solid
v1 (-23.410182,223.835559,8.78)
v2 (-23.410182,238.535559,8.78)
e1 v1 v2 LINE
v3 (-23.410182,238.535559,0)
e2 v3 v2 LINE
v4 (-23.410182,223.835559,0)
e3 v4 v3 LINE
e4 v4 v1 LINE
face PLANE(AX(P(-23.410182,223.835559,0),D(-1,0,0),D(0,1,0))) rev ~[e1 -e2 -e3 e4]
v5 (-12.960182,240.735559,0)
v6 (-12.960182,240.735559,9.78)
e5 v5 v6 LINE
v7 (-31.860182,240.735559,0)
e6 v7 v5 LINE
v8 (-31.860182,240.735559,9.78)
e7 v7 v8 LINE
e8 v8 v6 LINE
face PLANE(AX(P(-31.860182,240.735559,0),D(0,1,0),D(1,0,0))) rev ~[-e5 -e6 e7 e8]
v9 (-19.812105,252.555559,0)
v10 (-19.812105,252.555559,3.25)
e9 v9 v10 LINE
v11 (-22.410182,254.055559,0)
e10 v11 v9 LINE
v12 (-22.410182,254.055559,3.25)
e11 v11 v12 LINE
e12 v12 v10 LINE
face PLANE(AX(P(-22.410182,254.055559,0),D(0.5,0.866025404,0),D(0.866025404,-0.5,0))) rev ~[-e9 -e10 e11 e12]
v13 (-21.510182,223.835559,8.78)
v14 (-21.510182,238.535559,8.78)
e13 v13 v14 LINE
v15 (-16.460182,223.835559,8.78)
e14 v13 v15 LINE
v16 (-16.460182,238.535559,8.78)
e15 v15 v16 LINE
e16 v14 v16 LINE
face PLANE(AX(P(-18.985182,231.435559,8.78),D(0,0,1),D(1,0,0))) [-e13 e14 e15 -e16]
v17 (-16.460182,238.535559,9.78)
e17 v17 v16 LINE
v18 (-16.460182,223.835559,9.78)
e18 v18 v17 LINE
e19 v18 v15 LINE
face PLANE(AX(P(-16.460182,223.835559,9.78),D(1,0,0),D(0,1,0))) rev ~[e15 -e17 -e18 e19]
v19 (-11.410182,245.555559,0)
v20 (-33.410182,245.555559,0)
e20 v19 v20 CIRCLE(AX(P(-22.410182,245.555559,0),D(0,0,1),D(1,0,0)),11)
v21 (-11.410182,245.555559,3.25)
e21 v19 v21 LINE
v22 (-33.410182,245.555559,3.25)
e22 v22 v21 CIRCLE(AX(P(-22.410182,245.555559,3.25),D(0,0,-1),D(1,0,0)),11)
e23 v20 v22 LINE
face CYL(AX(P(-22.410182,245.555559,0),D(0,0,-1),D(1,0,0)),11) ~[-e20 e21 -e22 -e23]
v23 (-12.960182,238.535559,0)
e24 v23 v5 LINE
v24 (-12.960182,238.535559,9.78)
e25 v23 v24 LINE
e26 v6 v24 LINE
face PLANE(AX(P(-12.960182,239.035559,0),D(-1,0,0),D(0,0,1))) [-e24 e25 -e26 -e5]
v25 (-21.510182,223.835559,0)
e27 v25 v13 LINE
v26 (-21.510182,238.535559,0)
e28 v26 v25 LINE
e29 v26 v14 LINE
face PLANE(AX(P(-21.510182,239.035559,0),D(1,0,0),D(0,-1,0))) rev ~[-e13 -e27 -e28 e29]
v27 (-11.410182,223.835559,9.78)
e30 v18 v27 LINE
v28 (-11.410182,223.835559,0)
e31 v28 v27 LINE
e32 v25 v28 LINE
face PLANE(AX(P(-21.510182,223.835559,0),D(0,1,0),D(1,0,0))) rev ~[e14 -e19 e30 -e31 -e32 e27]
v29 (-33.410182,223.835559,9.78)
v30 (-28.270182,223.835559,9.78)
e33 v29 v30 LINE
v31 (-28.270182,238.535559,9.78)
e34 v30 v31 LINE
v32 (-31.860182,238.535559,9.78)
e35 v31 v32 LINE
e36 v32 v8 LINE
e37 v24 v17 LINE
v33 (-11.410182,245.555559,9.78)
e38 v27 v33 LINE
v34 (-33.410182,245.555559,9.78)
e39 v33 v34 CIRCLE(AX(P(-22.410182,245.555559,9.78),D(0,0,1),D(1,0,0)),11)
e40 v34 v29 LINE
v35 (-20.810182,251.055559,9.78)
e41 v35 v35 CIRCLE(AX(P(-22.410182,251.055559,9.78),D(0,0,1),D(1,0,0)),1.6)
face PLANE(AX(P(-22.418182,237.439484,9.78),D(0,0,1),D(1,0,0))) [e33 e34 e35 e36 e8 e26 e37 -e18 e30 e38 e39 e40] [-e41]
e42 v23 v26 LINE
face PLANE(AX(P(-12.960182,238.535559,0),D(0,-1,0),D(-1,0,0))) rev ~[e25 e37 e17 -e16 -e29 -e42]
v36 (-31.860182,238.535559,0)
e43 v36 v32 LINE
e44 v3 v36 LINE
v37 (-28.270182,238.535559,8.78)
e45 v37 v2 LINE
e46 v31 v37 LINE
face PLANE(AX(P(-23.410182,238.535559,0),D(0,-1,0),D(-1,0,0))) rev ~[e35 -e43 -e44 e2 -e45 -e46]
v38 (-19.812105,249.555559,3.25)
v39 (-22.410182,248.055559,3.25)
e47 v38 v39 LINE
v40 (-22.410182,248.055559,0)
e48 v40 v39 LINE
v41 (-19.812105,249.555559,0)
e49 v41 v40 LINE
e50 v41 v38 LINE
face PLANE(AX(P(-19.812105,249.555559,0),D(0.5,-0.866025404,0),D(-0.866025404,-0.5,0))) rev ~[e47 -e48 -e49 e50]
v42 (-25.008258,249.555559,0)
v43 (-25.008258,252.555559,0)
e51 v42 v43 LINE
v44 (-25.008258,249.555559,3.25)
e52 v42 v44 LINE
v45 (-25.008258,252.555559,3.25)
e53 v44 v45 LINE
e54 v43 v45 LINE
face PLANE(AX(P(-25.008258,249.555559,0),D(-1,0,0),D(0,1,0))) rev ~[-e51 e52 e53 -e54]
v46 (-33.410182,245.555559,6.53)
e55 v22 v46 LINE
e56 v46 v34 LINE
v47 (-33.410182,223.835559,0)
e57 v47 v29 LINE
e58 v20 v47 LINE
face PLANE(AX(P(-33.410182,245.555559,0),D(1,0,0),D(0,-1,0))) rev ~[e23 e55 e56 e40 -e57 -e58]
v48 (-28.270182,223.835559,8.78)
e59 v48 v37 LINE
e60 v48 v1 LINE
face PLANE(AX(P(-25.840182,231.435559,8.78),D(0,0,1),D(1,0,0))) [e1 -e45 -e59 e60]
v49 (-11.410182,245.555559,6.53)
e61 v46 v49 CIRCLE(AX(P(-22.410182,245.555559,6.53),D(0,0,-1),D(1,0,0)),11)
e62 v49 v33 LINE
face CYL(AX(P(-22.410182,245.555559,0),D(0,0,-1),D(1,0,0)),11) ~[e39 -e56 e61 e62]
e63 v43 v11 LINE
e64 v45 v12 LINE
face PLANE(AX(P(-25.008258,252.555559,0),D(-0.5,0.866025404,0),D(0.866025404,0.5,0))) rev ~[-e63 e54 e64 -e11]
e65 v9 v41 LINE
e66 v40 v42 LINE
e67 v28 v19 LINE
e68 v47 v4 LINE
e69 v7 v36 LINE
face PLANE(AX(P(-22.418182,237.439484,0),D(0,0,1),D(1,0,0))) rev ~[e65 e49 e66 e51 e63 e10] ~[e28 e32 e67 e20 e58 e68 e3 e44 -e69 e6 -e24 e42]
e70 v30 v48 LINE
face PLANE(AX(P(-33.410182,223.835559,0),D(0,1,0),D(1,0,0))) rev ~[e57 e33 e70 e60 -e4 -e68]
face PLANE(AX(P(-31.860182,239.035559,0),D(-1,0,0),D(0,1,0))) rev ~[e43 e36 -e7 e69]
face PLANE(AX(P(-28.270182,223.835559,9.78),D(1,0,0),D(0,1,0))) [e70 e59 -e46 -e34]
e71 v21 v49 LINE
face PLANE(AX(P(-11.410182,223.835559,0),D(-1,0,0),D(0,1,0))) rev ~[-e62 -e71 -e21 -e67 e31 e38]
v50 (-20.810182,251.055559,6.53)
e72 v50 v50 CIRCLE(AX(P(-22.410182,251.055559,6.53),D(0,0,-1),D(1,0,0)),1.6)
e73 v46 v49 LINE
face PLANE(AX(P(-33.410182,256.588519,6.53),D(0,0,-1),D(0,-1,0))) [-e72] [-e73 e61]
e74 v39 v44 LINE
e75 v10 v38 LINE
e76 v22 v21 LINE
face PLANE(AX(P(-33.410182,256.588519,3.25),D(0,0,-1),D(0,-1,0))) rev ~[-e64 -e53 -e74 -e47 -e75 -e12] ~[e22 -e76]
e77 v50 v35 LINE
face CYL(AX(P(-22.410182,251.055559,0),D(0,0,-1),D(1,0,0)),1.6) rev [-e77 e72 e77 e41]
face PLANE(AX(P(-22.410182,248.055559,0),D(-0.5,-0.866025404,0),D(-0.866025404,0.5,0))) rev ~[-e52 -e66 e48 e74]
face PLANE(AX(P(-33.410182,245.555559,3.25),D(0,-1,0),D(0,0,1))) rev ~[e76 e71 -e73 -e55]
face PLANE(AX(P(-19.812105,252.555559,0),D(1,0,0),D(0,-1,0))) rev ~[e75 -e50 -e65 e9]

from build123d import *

# Parameters (mm, degrees)
F0_R      = 1.6
F1_DEPTH  = 9.78
F2_W      = 11.0329598772
F2_H      = 3.28
F3_DEPTH  = 22
F4_W      = 5.05
F4_H      = 15.2
F4_W_2    = 4.86
F5_DEPTH  = 1
F6_R      = 1.6
F7_DEPTH  = 3.26
F9_R      = 1.6
F10_DEPTH = 3.26
F11_DEPTH = 0.5


with BuildPart() as f1:
    # F0 (on Top) → F1 (new body)
    with BuildSketch(Plane.XY):
        with BuildLine():
            Line((-33.4101816105, 245.5555587423), (-33.4101816105, 223.8355587423))
            Line((-33.4101816105, 223.8355587423), (-23.4101816105, 223.8355587423))
            Line((-23.4101816105, 223.8355587423), (-23.4101816105, 239.0355587423))
            Line((-23.4101816105, 239.0355587423), (-31.8601816105, 239.0355587423))
            Line((-31.8601816105, 239.0355587423), (-31.8601816105, 240.7355587423))
            Line((-31.8601816105, 240.7355587423), (-23.4101816105, 240.7355587423))
            Line((-23.4101816105, 240.7355587423), (-21.5101816105, 240.7355587423))
            Line((-21.5101816105, 240.7355587423), (-12.9601816105, 240.7355587423))
            Line((-12.9601816105, 240.7355587423), (-12.9601816105, 239.0355587423))
            Line((-12.9601816105, 239.0355587423), (-21.5101816105, 239.0355587423))
            Line((-21.5101816105, 239.0355587423), (-21.5101816105, 223.8355587423))
            Line((-21.5101816105, 223.8355587423), (-11.4101816105, 223.8355587423))
            Line((-11.4101816105, 223.8355587423), (-11.4101816105, 245.5555587423))
            ThreePointArc((-11.4101816105, 245.5555587423), (-22.4101816105, 256.5555587423), (-33.4101816105, 245.5555587423))
        make_face()
        with Locations((-22.4101816105, 251.0555587423)):
            Circle(F0_R, mode=Mode.SUBTRACT)
    extrude(amount=F1_DEPTH)

    # F2 (on face) → F3 (cut)
    with BuildSketch(Plane(origin=(-33.4101816105, 0, 0), x_dir=(0, -1, 0), z_dir=(-1, 0, 0))):
        with Locations((-251.0720386809, 4.89)):
            Rectangle(F2_W, F2_H)
    extrude(amount=-F3_DEPTH, mode=Mode.SUBTRACT)

    # F4 (on face) → F5 (cut)
    with BuildSketch(Plane.XY.offset(9.78)):
        with Locations((-18.9851816105, 231.4355587423)):
            Rectangle(F4_W, F4_H)
        with Locations((-25.8401816105, 231.4355587423)):
            Rectangle(F4_W_2, F4_H)
    extrude(amount=-F5_DEPTH, mode=Mode.SUBTRACT)

    # F9 (on face) → F10 (cut)
    with BuildSketch(Plane(origin=(0, 0, 0), x_dir=(1, 0, 0), z_dir=(0, 0, -1))):
        Polygon((-22.4101816105, -254.0555587423), (-19.8121053991, -252.5555587423), (-19.8121053991, -249.5555587423), (-22.4101816105, -248.0555587423), (-25.0082578218, -249.5555587423), (-25.0082578218, -252.5555587423), align=None)
        with Locations((-22.4101816105, -251.0555587423)):
            Circle(F9_R, mode=Mode.SUBTRACT)
    extrude(amount=-F10_DEPTH, mode=Mode.SUBTRACT)

    # F11 (cut): faces of the model
    f11_faces = [f1.faces().sort_by_distance(p)[0] for p in [
        (-27.7473388211, 239.0355587423, 4.6156990782),
        (-17.1227008611, 239.0355587423, 4.6078340058),
    ]]
    extrude(f11_faces, amount=-F11_DEPTH, mode=Mode.SUBTRACT)


with BuildPart() as f7:
    # F6 (on face) → F7 (new body)
    with BuildSketch(Plane.XY.offset(3.25)):
        with BuildLine():
            Line((-11.4101816105, 334.1924881189), (-33.4101816105, 334.1924881189))
            Line((-33.4101816105, 334.1924881189), (-33.4101816105, 290.1924881189))
            ThreePointArc((-33.4101816105, 290.1924881189), (-22.4101816105, 279.1924881189), (-11.4101816105, 290.1924881189))
            Line((-11.4101816105, 290.1924881189), (-11.4101816105, 334.1924881189))
        make_face()
        with Locations((-22.4101816105, 284.5924881189)):
            Circle(F6_R, mode=Mode.SUBTRACT)
    extrude(amount=F7_DEPTH)


solid = f1.part
